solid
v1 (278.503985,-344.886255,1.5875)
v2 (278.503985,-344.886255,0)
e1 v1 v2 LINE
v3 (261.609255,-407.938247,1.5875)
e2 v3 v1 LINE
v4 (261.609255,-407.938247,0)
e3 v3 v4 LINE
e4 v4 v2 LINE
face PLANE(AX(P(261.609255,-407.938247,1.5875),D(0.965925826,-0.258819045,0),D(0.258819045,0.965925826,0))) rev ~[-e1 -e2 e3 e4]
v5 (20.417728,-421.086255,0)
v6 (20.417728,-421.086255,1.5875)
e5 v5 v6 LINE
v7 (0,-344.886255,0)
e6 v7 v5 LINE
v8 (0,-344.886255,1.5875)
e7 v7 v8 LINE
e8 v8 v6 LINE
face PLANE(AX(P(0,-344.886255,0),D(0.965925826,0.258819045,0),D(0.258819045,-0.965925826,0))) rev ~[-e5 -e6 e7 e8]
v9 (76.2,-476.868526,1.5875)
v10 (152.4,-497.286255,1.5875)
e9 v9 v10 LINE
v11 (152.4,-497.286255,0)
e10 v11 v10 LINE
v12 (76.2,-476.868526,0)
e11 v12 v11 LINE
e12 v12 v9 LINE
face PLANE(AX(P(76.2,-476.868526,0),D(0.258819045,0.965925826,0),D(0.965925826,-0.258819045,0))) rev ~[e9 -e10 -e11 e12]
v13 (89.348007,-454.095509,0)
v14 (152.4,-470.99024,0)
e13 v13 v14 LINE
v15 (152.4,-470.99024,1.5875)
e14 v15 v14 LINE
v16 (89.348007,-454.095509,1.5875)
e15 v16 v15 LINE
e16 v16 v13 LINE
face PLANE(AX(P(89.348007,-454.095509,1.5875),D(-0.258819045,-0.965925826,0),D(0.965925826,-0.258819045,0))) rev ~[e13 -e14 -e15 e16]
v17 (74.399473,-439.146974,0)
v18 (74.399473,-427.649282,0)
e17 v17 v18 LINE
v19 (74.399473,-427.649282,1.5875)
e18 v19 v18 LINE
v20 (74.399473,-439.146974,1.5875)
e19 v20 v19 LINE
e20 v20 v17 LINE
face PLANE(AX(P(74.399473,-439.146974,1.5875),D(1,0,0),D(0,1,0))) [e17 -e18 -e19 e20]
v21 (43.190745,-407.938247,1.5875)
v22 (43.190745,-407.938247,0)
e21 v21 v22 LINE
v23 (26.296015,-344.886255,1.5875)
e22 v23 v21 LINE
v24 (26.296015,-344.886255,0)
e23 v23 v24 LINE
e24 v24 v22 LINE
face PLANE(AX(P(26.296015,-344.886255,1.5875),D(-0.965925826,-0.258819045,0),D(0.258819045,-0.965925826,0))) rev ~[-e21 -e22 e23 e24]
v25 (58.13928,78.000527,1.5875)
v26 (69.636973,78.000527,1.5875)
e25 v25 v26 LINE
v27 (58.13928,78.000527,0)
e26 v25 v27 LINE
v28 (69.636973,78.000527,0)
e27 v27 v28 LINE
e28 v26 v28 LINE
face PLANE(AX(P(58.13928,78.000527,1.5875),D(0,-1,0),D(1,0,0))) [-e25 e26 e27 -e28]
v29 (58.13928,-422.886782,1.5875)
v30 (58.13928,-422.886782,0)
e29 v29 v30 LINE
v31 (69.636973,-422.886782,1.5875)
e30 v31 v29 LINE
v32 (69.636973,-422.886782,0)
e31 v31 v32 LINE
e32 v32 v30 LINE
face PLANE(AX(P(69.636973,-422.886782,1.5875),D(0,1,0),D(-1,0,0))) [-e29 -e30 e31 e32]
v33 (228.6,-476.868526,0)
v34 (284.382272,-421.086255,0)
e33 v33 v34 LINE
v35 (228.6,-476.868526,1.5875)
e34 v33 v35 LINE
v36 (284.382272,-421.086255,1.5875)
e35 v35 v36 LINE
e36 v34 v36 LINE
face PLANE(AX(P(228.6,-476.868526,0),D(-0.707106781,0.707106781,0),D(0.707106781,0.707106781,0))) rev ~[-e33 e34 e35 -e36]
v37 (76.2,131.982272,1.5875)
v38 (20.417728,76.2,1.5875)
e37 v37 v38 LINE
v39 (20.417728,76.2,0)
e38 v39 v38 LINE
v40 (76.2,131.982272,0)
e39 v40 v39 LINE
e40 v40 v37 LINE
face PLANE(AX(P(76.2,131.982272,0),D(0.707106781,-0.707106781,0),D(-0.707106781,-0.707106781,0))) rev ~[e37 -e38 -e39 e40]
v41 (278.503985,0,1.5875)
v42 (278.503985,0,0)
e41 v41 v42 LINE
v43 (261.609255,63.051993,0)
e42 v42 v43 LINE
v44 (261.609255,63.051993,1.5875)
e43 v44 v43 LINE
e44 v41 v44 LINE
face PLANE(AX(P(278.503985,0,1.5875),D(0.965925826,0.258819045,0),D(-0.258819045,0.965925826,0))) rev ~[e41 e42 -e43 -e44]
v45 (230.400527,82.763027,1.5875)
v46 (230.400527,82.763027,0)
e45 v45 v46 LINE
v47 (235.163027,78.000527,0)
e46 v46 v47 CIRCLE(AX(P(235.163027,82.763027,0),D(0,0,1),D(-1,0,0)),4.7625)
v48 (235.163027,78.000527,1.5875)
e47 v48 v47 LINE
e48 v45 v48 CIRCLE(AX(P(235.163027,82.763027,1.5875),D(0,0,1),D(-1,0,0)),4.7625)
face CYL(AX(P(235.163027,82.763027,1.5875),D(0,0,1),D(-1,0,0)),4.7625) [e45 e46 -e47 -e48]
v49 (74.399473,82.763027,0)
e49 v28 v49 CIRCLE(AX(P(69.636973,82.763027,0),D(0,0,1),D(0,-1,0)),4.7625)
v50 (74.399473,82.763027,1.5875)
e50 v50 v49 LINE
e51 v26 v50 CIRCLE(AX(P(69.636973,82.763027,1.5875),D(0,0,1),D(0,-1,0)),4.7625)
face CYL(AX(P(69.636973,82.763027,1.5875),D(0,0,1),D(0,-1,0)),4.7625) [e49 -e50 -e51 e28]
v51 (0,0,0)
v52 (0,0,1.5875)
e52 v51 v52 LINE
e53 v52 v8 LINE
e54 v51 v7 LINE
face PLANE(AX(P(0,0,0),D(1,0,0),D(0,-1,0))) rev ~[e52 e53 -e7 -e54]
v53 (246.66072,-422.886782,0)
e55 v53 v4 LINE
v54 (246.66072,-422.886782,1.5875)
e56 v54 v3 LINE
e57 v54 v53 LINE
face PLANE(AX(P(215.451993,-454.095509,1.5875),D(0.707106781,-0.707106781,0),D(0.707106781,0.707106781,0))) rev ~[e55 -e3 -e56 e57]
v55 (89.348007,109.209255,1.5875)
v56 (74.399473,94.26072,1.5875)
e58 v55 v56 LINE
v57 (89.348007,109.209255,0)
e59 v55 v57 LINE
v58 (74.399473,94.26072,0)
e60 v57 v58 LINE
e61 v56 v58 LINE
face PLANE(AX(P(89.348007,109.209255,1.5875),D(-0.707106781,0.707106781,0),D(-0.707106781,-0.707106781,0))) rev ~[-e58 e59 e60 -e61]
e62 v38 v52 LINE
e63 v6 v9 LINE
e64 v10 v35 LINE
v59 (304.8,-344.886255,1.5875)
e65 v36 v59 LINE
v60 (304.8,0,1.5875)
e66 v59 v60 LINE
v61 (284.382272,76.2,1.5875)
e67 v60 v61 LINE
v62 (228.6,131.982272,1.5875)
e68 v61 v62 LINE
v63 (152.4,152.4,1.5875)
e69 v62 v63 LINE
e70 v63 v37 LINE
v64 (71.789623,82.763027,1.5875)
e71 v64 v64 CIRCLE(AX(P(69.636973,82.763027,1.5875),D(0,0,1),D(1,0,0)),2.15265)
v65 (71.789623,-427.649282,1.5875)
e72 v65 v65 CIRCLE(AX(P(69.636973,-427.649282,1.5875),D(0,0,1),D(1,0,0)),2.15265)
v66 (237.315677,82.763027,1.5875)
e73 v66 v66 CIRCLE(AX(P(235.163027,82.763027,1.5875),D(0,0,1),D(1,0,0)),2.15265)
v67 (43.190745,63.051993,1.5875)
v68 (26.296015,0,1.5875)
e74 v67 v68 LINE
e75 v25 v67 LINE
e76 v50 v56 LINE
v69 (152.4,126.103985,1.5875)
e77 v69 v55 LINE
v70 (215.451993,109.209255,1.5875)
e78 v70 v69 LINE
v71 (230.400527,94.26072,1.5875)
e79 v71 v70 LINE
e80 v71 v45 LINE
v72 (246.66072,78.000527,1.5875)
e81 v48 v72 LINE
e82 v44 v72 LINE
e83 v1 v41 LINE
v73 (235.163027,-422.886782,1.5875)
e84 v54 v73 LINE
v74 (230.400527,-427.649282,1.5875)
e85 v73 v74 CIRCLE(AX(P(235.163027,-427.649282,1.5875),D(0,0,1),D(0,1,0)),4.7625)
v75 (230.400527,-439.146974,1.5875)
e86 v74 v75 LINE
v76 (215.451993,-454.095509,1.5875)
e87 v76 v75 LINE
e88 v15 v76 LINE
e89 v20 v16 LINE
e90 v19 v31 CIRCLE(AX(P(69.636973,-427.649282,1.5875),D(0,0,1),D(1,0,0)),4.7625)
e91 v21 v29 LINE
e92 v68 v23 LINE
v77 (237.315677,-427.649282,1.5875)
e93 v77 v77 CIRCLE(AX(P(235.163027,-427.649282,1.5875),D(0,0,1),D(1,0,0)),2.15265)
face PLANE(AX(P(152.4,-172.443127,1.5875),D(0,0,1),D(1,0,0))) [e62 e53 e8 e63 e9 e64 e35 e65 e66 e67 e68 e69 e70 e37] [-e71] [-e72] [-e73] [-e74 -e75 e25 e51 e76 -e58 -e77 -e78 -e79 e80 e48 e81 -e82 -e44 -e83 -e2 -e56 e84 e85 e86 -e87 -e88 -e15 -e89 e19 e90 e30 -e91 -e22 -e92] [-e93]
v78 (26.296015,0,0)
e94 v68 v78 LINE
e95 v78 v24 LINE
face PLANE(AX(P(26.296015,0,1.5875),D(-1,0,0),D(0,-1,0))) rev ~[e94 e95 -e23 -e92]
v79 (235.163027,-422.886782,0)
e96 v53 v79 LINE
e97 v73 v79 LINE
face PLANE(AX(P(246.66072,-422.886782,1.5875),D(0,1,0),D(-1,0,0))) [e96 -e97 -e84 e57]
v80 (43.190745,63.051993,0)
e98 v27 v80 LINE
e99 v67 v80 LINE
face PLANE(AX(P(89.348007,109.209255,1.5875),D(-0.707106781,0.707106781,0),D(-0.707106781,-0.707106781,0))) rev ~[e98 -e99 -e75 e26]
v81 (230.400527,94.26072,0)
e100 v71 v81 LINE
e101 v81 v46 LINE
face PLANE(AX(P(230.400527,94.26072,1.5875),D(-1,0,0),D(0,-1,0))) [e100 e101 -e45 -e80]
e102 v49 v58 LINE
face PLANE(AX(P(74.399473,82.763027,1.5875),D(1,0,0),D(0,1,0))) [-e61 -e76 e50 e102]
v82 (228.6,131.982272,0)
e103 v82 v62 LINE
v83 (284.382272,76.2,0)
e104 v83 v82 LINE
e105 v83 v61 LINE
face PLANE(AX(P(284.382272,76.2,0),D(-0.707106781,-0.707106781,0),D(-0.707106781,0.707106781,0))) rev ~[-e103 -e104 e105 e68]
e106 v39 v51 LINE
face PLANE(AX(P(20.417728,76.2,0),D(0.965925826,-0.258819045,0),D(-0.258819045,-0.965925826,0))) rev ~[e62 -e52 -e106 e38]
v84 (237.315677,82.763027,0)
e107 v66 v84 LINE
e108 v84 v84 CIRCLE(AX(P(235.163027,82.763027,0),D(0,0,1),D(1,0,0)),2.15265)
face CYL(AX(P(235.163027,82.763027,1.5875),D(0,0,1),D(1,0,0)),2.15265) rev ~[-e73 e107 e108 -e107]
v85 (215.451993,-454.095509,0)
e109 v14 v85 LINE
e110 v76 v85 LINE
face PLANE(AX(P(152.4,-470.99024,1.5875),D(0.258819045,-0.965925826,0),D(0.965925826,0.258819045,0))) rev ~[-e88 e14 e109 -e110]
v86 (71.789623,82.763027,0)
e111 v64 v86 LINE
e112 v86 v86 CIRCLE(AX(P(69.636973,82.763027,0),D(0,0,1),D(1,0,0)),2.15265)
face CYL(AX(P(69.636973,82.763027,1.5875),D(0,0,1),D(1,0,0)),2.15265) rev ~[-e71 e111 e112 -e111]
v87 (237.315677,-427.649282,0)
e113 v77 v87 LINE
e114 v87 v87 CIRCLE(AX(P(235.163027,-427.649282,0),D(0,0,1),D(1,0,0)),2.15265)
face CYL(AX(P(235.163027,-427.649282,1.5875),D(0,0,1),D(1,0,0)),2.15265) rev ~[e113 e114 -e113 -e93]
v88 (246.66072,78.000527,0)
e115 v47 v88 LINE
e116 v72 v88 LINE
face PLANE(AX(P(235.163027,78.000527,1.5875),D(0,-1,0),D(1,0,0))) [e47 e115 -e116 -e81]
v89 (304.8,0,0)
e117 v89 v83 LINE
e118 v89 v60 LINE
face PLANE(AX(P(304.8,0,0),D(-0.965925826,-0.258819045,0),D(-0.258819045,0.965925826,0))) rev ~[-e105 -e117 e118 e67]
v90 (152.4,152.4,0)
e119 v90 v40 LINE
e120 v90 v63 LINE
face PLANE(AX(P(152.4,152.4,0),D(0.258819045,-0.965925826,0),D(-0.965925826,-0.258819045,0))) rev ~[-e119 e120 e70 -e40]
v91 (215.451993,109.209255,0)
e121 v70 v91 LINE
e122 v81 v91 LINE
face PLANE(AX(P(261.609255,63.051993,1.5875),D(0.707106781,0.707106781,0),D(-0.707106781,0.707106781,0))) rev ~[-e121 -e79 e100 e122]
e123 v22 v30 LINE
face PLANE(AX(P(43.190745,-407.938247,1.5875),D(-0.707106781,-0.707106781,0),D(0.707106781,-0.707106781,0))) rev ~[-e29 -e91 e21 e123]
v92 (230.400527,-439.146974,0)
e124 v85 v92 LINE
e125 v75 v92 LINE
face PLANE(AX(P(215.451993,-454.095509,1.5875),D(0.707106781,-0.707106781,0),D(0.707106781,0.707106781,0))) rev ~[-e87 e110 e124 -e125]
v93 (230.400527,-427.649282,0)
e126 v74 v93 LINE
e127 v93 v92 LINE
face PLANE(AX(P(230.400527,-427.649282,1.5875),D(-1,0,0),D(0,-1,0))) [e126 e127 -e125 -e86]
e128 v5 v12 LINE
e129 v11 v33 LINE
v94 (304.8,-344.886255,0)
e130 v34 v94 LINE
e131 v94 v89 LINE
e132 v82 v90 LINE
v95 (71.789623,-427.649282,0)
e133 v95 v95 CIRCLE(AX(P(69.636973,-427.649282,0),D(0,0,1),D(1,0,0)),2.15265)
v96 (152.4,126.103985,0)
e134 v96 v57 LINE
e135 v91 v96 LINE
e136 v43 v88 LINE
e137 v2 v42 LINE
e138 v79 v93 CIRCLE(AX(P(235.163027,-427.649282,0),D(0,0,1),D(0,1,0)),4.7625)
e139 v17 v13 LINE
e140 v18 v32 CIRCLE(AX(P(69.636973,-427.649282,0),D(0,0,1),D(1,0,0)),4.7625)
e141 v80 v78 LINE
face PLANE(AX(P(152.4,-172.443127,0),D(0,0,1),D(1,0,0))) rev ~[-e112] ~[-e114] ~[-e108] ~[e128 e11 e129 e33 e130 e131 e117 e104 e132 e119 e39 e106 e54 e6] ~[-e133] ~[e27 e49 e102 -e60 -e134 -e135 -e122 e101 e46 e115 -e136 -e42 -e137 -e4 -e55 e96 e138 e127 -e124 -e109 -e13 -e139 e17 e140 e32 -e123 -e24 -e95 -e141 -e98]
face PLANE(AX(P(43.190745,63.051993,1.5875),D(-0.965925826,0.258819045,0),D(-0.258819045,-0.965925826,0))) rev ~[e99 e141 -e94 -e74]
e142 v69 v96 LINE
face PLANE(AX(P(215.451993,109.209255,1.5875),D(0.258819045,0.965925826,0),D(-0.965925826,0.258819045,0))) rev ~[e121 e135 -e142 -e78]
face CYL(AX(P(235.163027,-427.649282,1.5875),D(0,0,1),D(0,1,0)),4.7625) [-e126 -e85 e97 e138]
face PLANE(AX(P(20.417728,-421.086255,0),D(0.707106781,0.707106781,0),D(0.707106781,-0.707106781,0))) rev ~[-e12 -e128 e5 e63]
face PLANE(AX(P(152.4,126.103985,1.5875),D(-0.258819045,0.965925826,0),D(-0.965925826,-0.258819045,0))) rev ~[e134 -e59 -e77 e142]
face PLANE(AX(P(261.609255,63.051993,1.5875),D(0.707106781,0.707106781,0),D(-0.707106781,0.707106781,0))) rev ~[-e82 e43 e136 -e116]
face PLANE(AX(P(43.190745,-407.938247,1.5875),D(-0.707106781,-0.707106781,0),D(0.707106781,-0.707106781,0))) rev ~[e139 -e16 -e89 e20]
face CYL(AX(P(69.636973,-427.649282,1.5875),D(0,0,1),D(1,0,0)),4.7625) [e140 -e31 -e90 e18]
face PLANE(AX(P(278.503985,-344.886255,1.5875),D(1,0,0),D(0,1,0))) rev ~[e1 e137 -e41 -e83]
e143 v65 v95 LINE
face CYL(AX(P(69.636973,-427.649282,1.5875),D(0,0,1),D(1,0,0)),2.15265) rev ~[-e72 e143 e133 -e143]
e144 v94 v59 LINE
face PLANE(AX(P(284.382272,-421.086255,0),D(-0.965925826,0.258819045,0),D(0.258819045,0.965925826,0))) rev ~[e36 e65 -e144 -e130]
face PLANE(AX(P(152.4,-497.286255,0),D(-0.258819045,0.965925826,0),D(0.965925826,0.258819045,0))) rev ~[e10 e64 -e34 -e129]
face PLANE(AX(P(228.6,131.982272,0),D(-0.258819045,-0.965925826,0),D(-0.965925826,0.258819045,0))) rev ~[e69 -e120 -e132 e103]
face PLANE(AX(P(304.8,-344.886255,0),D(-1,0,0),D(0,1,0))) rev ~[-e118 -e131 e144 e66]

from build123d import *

# Parameters (mm, degrees)
F1_DEPTH = 1.5875
F3_DEPTH = 1.5875
F4_R     = 2.15265
F5_DEPTH = 1.5875


with BuildPart() as f1:
    # F0 (on Top) → F1 (new body)
    with BuildSketch(Plane.XY):
        Polygon((304.8, -344.8862546), (304.8, 0), (284.3822715367, 76.2), (228.6, 131.9822715367), (152.4, 152.4), (76.2, 131.9822715367), (20.4177284633, 76.2), (0, 0), (0, -344.8862546), (20.4177284633, -421.0862546), (76.2, -476.8685261367), (152.4, -497.2862546), (228.6, -476.8685261367), (284.3822715367, -421.0862546), align=None)
    extrude(amount=F1_DEPTH)

    # F2 (on face) → F3 (cut, through all)
    with BuildSketch(Plane.XY.offset(1.5875)):
        Polygon((278.5039850176, -344.8862546), (278.5039850176, 0), (261.6092545437, 63.0519925088), (215.4519925088, 109.2092545437), (152.4, 126.1039850176), (89.3480074912, 109.2092545437), (43.1907454563, 63.0519925088), (26.2960149824, 0), (26.2960149824, -344.8862546), (43.1907454563, -407.9382471088), (89.3480074912, -454.0955091437), (152.4, -470.9902396176), (215.4519925088, -454.0955091437), (261.6092545437, -407.9382471088), align=None)
    extrude(amount=-F3_DEPTH, mode=Mode.SUBTRACT)

    # F4 (on face) → F5 (join, through all)
    with BuildSketch(Plane.XY.offset(1.5875)):
        with BuildLine():
            Line((246.6607195716, 78.0005274808), (230.4005274808, 94.2607195716))
            Line((230.4005274808, 94.2607195716), (230.4005274808, 82.7630274808))
            ThreePointArc((230.4005274808, 82.7630274808), (231.7954314354, 79.3954314354), (235.1630274808, 78.0005274808))
            Line((235.1630274808, 78.0005274808), (246.6607195716, 78.0005274808))
        make_face()
        with Locations((235.1630274808, 82.7630274808)):
            Circle(F4_R, mode=Mode.SUBTRACT)
        with BuildLine():
            ThreePointArc((69.6369725192, 78.0005274808), (73.0045685646, 79.3954314354), (74.3994725192, 82.7630274808))
            Line((74.3994725192, 82.7630274808), (74.3994725192, 94.2607195716))
            Line((74.3994725192, 94.2607195716), (58.1392804284, 78.0005274808))
            Line((58.1392804284, 78.0005274808), (69.6369725192, 78.0005274808))
        make_face()
        with Locations((69.6369725192, 82.7630274808)):
            Circle(F4_R, mode=Mode.SUBTRACT)
        with BuildLine():
            Line((69.6369725192, -422.8867820808), (58.1392804284, -422.8867820808))
            Line((58.1392804284, -422.8867820808), (74.3994725192, -439.1469741716))
            Line((74.3994725192, -439.1469741716), (74.3994725192, -427.6492820808))
            ThreePointArc((74.3994725192, -427.6492820808), (73.0045685646, -424.2816860354), (69.6369725192, -422.8867820808))
        make_face()
        with Locations((69.6369725192, -427.6492820808)):
            Circle(F4_R, mode=Mode.SUBTRACT)
        with BuildLine():
            Line((230.4005274808, -439.1469741716), (246.6607195716, -422.8867820808))
            Line((246.6607195716, -422.8867820808), (235.1630274808, -422.8867820808))
            ThreePointArc((235.1630274808, -422.8867820808), (231.7954314354, -424.2816860354), (230.4005274808, -427.6492820808))
            Line((230.4005274808, -427.6492820808), (230.4005274808, -439.1469741716))
        make_face()
        with Locations((235.1630274808, -427.6492820808)):
            Circle(F4_R, mode=Mode.SUBTRACT)
    extrude(amount=-F5_DEPTH)


solid = f1.part
